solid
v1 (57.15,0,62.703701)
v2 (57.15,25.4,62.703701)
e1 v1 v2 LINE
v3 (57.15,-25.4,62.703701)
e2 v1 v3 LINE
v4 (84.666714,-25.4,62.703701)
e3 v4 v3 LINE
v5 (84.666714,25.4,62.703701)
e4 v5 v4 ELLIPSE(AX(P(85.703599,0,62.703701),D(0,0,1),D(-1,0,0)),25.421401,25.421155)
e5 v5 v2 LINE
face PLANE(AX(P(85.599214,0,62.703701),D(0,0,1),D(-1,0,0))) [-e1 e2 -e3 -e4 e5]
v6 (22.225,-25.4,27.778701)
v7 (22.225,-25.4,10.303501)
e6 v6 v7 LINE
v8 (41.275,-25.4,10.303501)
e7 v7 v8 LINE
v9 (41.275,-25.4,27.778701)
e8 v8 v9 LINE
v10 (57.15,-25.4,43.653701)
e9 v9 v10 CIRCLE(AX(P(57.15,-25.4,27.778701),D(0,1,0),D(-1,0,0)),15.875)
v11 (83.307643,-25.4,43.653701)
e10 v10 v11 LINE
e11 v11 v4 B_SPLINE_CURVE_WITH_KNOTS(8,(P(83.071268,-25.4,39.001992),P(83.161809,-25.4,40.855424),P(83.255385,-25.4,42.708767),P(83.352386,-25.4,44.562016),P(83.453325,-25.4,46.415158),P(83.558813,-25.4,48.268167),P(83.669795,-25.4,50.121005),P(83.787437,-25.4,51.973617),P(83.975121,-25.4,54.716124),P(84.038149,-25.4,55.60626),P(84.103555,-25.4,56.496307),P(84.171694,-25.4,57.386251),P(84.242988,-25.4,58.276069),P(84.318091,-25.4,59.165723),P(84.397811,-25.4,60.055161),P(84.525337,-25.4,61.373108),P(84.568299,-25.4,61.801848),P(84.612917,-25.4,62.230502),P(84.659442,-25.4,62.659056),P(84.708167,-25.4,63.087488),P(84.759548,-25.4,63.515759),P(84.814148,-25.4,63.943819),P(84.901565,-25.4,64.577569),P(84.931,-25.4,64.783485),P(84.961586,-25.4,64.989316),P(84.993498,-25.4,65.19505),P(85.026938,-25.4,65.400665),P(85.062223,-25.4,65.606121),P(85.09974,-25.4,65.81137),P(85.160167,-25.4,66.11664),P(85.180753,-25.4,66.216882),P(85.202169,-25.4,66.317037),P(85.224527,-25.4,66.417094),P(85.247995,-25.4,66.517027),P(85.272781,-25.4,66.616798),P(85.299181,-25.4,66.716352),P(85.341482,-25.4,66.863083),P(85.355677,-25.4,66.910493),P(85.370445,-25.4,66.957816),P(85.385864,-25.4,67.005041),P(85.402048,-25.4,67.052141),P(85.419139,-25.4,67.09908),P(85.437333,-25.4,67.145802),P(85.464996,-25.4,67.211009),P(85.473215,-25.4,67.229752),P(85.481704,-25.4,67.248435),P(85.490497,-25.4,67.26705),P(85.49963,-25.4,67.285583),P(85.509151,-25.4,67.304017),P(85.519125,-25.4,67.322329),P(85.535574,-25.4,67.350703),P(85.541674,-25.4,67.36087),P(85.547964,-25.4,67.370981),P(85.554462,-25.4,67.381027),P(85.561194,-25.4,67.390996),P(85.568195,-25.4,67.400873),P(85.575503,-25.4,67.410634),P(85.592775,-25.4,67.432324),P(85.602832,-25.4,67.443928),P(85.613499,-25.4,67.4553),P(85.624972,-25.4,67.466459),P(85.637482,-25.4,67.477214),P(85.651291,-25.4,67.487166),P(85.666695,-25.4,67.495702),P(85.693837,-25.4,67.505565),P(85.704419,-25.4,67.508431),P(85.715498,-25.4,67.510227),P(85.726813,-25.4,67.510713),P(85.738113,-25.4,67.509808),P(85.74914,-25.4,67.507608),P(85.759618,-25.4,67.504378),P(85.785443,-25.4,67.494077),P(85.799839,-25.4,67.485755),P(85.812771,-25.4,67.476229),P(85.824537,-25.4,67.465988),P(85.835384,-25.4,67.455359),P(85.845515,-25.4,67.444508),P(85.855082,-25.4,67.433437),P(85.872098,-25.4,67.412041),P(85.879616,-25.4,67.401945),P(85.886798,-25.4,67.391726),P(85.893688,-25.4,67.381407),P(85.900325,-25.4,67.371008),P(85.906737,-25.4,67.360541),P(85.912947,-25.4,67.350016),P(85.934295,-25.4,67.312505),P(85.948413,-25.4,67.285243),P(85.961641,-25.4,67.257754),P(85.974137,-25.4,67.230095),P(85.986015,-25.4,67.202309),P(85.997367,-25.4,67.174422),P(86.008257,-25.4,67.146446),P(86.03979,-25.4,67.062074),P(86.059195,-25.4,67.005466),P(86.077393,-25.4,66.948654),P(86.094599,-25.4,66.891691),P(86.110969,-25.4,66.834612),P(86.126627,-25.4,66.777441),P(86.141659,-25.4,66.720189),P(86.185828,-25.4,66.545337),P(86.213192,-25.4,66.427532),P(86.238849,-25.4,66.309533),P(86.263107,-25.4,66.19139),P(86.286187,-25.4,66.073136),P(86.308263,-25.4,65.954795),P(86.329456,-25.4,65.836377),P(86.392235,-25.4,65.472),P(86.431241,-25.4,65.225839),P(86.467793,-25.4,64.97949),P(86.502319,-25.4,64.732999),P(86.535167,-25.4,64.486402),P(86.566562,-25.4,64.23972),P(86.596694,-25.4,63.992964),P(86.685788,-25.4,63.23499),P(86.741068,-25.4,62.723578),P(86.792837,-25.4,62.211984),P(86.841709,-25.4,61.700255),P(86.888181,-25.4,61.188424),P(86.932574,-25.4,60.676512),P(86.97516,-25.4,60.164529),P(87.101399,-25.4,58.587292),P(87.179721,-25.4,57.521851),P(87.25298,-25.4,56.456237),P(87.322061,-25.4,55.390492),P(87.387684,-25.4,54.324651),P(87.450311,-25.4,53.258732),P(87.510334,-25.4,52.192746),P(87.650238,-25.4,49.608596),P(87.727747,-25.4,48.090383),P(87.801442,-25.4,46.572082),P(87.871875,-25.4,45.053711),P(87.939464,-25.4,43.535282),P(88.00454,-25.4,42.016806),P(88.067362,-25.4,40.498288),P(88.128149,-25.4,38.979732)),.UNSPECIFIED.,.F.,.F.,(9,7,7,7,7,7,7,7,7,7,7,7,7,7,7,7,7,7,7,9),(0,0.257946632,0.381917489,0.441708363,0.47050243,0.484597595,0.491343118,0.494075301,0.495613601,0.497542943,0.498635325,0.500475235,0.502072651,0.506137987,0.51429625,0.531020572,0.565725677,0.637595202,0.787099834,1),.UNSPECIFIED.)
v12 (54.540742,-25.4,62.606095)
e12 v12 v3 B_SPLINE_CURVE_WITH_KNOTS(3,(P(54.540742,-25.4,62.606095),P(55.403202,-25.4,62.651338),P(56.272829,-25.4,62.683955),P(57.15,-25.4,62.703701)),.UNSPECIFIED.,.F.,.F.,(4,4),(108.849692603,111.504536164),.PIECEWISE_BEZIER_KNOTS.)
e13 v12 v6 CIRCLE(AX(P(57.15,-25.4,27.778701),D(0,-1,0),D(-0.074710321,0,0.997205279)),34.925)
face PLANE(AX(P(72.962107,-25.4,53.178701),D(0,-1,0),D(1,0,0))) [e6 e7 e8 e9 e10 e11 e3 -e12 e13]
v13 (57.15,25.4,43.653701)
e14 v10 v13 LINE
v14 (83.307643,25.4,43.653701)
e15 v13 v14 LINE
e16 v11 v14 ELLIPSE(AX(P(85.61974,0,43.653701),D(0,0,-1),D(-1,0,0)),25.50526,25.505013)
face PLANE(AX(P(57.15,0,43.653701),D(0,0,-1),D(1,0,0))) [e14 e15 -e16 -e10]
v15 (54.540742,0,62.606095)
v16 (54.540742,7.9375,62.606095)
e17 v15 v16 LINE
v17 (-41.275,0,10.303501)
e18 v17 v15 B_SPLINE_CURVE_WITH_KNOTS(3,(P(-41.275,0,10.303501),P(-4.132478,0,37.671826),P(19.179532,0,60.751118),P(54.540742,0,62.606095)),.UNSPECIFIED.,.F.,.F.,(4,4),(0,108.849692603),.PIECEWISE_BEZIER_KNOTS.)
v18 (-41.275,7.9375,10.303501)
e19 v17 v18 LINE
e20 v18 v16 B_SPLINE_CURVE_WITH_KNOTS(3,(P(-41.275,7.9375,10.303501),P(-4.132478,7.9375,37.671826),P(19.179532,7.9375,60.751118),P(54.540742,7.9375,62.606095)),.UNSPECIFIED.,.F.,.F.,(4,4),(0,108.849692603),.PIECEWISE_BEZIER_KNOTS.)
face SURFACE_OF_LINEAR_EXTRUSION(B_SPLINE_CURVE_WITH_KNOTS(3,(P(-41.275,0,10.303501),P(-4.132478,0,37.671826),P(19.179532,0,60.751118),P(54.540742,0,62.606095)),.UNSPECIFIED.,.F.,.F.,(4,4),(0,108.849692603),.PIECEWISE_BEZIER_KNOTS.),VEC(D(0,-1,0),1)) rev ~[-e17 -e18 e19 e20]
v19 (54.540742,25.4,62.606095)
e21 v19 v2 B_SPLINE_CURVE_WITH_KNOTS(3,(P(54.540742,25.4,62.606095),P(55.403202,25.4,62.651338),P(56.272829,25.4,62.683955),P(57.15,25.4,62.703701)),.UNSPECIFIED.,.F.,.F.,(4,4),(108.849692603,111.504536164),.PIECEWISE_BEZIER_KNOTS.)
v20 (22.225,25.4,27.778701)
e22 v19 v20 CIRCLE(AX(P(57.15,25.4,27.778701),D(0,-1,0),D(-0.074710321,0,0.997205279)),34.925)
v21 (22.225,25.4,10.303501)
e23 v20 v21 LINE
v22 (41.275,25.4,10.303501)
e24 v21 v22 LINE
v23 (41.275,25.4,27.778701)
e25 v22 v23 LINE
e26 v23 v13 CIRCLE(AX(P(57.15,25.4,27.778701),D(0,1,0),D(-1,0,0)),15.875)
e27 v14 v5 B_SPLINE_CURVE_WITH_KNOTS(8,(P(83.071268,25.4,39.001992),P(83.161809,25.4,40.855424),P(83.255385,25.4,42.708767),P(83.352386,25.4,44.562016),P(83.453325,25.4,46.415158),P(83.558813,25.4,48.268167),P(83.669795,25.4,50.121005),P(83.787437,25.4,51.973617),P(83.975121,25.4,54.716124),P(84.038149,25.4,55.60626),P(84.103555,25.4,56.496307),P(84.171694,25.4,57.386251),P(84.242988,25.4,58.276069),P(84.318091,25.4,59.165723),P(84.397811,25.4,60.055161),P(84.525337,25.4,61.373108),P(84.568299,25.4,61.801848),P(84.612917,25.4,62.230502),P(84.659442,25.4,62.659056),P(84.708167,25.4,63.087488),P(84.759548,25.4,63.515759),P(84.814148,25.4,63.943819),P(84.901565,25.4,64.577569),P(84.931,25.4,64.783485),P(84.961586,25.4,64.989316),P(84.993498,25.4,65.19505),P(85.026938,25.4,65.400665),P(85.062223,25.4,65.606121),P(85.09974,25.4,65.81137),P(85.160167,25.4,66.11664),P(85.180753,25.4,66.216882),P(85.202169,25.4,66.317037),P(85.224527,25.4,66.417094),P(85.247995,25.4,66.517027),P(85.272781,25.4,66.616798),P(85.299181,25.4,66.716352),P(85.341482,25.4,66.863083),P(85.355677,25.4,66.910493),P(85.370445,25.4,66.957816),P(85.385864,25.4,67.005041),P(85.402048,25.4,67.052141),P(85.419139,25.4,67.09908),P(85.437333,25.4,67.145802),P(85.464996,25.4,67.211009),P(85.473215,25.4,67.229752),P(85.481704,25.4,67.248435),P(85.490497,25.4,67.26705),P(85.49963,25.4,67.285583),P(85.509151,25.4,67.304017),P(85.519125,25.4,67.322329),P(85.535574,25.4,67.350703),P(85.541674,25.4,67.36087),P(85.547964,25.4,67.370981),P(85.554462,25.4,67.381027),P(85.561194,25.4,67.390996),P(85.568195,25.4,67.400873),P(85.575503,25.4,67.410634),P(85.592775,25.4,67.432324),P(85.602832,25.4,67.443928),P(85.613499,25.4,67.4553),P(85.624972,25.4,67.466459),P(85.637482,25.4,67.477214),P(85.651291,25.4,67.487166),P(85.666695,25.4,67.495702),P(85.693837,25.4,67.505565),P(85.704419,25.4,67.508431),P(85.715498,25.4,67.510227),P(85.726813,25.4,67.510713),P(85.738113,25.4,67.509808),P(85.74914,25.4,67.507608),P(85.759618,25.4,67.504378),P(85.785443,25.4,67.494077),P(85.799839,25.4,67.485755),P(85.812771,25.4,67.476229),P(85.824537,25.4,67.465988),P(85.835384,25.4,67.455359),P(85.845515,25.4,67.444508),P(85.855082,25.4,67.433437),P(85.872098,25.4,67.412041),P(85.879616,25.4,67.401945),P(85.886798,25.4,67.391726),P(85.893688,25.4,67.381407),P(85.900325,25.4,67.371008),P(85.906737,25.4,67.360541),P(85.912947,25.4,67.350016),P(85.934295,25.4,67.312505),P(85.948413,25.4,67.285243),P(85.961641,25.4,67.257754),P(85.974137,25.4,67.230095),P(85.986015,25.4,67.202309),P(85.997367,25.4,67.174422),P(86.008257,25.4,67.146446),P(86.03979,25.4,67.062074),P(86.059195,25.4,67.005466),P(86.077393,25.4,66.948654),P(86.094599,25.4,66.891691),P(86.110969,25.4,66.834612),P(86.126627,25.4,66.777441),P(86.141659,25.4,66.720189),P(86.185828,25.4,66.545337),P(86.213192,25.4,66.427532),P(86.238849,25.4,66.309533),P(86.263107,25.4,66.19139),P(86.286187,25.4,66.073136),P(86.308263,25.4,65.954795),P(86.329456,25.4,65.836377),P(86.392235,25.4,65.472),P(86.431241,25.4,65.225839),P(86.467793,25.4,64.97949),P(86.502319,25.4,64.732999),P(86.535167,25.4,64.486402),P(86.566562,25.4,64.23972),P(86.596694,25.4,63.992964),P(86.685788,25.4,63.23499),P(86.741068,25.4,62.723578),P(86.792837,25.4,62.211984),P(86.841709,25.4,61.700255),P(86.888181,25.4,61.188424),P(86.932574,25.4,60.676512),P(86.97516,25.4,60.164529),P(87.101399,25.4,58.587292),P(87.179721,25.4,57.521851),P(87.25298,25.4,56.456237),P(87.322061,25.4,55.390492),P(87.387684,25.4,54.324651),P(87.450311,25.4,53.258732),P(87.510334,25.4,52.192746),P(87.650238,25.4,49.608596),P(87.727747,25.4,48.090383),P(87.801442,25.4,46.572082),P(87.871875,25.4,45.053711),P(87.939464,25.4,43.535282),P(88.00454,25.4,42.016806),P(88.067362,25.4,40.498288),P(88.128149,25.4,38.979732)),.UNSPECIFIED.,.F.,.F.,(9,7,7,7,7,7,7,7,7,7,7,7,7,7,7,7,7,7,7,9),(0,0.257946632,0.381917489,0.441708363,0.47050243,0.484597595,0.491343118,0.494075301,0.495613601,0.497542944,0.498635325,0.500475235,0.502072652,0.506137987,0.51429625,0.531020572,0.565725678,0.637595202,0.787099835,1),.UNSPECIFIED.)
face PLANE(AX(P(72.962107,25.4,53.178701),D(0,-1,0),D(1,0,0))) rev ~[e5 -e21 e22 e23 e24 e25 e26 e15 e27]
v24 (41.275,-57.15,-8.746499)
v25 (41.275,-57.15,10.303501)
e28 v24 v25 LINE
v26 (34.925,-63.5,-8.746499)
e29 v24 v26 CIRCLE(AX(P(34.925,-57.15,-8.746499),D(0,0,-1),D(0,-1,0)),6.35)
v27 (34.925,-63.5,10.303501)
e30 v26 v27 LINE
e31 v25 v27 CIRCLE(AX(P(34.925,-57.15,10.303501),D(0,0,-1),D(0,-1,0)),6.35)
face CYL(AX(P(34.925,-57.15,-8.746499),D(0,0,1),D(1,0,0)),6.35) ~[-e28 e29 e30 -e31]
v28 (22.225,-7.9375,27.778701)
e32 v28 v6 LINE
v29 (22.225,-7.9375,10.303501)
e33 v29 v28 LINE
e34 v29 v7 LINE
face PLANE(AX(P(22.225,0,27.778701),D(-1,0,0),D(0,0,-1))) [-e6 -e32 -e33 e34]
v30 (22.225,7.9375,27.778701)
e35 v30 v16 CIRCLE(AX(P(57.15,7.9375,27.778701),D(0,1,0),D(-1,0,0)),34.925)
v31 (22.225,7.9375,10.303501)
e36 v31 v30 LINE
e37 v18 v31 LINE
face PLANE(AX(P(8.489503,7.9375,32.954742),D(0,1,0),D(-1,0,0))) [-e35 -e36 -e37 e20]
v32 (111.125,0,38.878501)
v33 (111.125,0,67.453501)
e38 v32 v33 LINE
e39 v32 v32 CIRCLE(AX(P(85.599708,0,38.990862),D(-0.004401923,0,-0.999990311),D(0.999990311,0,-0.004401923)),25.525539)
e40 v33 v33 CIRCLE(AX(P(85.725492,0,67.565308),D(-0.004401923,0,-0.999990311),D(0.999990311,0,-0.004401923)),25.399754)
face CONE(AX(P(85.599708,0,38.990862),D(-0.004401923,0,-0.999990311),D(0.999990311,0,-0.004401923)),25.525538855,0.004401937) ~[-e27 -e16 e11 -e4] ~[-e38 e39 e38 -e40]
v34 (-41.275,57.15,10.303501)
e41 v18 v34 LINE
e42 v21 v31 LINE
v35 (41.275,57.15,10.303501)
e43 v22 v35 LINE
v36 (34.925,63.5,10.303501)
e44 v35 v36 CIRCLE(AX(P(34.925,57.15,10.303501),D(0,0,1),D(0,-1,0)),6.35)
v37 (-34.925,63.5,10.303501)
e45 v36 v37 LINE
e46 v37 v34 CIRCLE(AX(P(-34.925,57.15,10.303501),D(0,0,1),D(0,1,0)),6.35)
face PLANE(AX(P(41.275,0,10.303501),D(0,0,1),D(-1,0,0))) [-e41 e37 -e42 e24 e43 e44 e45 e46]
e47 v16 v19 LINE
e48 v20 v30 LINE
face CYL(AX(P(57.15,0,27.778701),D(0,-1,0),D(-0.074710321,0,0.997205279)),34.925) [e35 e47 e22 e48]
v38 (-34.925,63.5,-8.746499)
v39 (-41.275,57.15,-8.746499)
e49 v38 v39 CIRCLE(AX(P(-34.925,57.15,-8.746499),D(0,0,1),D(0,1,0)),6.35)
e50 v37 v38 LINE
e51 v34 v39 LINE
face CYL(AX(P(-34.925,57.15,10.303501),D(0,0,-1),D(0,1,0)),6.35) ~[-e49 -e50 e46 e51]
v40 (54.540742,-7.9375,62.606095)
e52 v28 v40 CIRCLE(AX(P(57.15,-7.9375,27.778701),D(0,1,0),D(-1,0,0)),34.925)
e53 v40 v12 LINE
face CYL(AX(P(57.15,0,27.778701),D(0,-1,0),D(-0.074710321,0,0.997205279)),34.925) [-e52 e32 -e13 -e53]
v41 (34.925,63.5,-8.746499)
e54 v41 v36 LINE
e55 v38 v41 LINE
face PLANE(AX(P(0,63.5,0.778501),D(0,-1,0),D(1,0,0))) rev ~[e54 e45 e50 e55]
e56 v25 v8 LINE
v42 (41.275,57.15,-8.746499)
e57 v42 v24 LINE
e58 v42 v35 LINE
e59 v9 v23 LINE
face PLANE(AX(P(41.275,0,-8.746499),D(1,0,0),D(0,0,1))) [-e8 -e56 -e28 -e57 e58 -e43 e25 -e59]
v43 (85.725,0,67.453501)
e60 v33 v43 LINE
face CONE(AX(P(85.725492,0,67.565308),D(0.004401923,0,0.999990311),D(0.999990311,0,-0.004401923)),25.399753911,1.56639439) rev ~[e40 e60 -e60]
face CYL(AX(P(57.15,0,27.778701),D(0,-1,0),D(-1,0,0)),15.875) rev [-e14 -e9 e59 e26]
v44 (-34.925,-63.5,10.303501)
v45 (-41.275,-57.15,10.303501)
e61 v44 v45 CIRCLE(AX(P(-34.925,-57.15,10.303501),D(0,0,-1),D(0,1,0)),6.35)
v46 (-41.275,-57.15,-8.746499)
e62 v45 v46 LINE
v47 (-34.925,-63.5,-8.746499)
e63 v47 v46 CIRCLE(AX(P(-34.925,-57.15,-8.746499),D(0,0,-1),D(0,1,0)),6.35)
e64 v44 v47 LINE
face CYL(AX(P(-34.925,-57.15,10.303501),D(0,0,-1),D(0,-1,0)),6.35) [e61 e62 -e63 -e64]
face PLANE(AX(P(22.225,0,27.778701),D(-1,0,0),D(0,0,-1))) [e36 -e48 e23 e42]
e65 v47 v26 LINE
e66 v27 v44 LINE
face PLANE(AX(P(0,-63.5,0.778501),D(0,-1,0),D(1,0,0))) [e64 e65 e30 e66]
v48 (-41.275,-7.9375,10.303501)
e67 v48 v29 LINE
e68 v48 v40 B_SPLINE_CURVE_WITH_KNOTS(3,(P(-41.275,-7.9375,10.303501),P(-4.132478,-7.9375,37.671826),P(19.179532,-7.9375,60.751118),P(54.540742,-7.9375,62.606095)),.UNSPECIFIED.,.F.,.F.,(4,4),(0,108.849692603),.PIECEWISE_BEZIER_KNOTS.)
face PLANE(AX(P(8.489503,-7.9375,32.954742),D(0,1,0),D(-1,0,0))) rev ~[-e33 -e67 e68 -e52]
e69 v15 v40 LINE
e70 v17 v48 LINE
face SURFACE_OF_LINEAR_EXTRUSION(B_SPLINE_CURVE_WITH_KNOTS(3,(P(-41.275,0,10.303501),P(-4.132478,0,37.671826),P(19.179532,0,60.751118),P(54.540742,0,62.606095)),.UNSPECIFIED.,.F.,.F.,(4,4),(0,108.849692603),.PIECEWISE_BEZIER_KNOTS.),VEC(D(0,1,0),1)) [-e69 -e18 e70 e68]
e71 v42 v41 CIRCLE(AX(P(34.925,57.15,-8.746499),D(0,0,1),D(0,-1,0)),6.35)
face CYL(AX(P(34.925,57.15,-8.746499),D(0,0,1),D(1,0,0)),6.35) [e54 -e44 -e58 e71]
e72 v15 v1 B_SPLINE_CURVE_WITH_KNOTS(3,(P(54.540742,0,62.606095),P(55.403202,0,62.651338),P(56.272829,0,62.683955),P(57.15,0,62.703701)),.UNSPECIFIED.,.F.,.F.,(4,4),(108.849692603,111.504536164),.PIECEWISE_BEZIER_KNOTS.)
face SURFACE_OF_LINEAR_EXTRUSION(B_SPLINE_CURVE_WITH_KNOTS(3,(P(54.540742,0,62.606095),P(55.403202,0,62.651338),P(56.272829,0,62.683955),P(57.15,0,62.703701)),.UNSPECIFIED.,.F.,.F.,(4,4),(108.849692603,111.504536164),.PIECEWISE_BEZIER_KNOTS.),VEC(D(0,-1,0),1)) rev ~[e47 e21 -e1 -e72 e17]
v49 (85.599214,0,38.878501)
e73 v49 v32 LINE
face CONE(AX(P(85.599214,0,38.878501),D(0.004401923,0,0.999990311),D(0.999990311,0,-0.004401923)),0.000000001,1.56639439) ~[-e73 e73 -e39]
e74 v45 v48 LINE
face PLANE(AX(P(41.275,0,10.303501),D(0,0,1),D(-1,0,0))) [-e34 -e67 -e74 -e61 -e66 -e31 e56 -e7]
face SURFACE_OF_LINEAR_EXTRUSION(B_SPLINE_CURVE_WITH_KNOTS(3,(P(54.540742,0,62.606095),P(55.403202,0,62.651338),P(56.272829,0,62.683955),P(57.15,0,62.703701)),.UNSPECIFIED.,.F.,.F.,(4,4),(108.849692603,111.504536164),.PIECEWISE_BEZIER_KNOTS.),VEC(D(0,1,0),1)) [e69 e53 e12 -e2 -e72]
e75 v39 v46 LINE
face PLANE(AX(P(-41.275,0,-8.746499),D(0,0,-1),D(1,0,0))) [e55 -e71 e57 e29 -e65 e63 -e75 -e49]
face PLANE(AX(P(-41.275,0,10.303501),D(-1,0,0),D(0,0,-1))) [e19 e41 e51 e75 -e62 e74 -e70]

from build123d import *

# Parameters (mm, degrees)
F1_DEPTH = 63.5
F0_W     = 25.2742138386
F0_H     = 19.05
F2_DEPTH = 25.4
F3_DEPTH = 7.9375
F5_R     = 6.35


with BuildPart() as f1:
    # F0 (on Front) → F1 (new body, symmetric)
    with BuildSketch(Plane.XZ):
        Polygon((-41.275, 10.3035005007), (-41.275, -8.7464994993), (41.275, -8.7464994993), (41.275, 10.3035005007), (22.225, 10.3035005007), align=None)
    extrude(amount=F1_DEPTH, both=True)

    # F0 (on Front) → F2 (join, symmetric)
    with BuildSketch(Plane.XZ):
        with Locations((72.9621069193, 53.1787005007)):
            Rectangle(F0_W, F0_H)
        with BuildLine():
            Line((22.225, 10.3035005007), (41.275, 10.3035005007))
            Line((41.275, 10.3035005007), (41.275, 27.7787005007))
            ThreePointArc((41.275, 27.7787005007), (45.9246798487, 39.0040206521), (57.15, 43.6537005007))
            Line((57.15, 43.6537005007), (60.325, 43.6537005007))
            Line((60.325, 43.6537005007), (60.325, 62.7037005007))
            Line((60.325, 62.7037005007), (57.15, 62.7037005007))
            add(Edge.make_bspline(
                [(54.5407420492, 62.6060948613), (55.4032018072, 62.651337728), (56.2728292952, 62.6839548454), (57.15, 62.7037005007)],
                knots=[108.849692603, 108.849692603, 108.849692603, 108.849692603, 111.5045361635, 111.5045361635, 111.5045361635, 111.5045361635], degree=3))
            ThreePointArc((54.5407420492, 62.6060948613), (31.5483988886, 51.5339871867), (22.225, 27.7787005007))
            Line((22.225, 27.7787005007), (22.225, 10.3035005007))
        make_face()
    extrude(amount=F2_DEPTH, both=True)

    # F0 (on Front) → F3 (join, symmetric)
    with BuildSketch(Plane.XZ):
        with BuildLine():
            add(Edge.make_bspline(
                [(-41.275, 10.3035005007), (-4.1324779121, 37.6718258525), (19.1795324712, 60.7511184661), (54.5407420492, 62.6060948613)],
                knots=[0, 0, 0, 0, 108.849692603, 108.849692603, 108.849692603, 108.849692603], degree=3))
            Line((-41.275, 10.3035005007), (22.225, 10.3035005007))
            Line((22.225, 10.3035005007), (22.225, 27.7787005007))
            ThreePointArc((22.225, 27.7787005007), (31.5483988886, 51.5339871867), (54.5407420492, 62.6060948613))
        make_face()
    extrude(amount=F3_DEPTH, both=True)

    # F0 (on Front) → F4 (revolve)
    with BuildSketch(Plane.XZ):
        Polygon((111.125, 67.4535005007), (85.725, 67.4535005007), (85.5992138386, 38.8785005007), (111.125, 38.8785005007), align=None)
    revolve(axis=Axis((85.6621069193, 0, 53.1660005007), (-0.0044019228, 0, -0.9999903115)))

    # F5
    f5_edges = [f1.edges().sort_by_distance(p)[0] for p in [
        (41.275, 63.5, 0.778501),
        (-41.275, 63.5, 0.778501),
        (41.275, -63.5, 0.778501),
        (-41.275, -63.5, 0.778501),
    ]]
    fillet(f5_edges, radius=F5_R)


solid = f1.part
